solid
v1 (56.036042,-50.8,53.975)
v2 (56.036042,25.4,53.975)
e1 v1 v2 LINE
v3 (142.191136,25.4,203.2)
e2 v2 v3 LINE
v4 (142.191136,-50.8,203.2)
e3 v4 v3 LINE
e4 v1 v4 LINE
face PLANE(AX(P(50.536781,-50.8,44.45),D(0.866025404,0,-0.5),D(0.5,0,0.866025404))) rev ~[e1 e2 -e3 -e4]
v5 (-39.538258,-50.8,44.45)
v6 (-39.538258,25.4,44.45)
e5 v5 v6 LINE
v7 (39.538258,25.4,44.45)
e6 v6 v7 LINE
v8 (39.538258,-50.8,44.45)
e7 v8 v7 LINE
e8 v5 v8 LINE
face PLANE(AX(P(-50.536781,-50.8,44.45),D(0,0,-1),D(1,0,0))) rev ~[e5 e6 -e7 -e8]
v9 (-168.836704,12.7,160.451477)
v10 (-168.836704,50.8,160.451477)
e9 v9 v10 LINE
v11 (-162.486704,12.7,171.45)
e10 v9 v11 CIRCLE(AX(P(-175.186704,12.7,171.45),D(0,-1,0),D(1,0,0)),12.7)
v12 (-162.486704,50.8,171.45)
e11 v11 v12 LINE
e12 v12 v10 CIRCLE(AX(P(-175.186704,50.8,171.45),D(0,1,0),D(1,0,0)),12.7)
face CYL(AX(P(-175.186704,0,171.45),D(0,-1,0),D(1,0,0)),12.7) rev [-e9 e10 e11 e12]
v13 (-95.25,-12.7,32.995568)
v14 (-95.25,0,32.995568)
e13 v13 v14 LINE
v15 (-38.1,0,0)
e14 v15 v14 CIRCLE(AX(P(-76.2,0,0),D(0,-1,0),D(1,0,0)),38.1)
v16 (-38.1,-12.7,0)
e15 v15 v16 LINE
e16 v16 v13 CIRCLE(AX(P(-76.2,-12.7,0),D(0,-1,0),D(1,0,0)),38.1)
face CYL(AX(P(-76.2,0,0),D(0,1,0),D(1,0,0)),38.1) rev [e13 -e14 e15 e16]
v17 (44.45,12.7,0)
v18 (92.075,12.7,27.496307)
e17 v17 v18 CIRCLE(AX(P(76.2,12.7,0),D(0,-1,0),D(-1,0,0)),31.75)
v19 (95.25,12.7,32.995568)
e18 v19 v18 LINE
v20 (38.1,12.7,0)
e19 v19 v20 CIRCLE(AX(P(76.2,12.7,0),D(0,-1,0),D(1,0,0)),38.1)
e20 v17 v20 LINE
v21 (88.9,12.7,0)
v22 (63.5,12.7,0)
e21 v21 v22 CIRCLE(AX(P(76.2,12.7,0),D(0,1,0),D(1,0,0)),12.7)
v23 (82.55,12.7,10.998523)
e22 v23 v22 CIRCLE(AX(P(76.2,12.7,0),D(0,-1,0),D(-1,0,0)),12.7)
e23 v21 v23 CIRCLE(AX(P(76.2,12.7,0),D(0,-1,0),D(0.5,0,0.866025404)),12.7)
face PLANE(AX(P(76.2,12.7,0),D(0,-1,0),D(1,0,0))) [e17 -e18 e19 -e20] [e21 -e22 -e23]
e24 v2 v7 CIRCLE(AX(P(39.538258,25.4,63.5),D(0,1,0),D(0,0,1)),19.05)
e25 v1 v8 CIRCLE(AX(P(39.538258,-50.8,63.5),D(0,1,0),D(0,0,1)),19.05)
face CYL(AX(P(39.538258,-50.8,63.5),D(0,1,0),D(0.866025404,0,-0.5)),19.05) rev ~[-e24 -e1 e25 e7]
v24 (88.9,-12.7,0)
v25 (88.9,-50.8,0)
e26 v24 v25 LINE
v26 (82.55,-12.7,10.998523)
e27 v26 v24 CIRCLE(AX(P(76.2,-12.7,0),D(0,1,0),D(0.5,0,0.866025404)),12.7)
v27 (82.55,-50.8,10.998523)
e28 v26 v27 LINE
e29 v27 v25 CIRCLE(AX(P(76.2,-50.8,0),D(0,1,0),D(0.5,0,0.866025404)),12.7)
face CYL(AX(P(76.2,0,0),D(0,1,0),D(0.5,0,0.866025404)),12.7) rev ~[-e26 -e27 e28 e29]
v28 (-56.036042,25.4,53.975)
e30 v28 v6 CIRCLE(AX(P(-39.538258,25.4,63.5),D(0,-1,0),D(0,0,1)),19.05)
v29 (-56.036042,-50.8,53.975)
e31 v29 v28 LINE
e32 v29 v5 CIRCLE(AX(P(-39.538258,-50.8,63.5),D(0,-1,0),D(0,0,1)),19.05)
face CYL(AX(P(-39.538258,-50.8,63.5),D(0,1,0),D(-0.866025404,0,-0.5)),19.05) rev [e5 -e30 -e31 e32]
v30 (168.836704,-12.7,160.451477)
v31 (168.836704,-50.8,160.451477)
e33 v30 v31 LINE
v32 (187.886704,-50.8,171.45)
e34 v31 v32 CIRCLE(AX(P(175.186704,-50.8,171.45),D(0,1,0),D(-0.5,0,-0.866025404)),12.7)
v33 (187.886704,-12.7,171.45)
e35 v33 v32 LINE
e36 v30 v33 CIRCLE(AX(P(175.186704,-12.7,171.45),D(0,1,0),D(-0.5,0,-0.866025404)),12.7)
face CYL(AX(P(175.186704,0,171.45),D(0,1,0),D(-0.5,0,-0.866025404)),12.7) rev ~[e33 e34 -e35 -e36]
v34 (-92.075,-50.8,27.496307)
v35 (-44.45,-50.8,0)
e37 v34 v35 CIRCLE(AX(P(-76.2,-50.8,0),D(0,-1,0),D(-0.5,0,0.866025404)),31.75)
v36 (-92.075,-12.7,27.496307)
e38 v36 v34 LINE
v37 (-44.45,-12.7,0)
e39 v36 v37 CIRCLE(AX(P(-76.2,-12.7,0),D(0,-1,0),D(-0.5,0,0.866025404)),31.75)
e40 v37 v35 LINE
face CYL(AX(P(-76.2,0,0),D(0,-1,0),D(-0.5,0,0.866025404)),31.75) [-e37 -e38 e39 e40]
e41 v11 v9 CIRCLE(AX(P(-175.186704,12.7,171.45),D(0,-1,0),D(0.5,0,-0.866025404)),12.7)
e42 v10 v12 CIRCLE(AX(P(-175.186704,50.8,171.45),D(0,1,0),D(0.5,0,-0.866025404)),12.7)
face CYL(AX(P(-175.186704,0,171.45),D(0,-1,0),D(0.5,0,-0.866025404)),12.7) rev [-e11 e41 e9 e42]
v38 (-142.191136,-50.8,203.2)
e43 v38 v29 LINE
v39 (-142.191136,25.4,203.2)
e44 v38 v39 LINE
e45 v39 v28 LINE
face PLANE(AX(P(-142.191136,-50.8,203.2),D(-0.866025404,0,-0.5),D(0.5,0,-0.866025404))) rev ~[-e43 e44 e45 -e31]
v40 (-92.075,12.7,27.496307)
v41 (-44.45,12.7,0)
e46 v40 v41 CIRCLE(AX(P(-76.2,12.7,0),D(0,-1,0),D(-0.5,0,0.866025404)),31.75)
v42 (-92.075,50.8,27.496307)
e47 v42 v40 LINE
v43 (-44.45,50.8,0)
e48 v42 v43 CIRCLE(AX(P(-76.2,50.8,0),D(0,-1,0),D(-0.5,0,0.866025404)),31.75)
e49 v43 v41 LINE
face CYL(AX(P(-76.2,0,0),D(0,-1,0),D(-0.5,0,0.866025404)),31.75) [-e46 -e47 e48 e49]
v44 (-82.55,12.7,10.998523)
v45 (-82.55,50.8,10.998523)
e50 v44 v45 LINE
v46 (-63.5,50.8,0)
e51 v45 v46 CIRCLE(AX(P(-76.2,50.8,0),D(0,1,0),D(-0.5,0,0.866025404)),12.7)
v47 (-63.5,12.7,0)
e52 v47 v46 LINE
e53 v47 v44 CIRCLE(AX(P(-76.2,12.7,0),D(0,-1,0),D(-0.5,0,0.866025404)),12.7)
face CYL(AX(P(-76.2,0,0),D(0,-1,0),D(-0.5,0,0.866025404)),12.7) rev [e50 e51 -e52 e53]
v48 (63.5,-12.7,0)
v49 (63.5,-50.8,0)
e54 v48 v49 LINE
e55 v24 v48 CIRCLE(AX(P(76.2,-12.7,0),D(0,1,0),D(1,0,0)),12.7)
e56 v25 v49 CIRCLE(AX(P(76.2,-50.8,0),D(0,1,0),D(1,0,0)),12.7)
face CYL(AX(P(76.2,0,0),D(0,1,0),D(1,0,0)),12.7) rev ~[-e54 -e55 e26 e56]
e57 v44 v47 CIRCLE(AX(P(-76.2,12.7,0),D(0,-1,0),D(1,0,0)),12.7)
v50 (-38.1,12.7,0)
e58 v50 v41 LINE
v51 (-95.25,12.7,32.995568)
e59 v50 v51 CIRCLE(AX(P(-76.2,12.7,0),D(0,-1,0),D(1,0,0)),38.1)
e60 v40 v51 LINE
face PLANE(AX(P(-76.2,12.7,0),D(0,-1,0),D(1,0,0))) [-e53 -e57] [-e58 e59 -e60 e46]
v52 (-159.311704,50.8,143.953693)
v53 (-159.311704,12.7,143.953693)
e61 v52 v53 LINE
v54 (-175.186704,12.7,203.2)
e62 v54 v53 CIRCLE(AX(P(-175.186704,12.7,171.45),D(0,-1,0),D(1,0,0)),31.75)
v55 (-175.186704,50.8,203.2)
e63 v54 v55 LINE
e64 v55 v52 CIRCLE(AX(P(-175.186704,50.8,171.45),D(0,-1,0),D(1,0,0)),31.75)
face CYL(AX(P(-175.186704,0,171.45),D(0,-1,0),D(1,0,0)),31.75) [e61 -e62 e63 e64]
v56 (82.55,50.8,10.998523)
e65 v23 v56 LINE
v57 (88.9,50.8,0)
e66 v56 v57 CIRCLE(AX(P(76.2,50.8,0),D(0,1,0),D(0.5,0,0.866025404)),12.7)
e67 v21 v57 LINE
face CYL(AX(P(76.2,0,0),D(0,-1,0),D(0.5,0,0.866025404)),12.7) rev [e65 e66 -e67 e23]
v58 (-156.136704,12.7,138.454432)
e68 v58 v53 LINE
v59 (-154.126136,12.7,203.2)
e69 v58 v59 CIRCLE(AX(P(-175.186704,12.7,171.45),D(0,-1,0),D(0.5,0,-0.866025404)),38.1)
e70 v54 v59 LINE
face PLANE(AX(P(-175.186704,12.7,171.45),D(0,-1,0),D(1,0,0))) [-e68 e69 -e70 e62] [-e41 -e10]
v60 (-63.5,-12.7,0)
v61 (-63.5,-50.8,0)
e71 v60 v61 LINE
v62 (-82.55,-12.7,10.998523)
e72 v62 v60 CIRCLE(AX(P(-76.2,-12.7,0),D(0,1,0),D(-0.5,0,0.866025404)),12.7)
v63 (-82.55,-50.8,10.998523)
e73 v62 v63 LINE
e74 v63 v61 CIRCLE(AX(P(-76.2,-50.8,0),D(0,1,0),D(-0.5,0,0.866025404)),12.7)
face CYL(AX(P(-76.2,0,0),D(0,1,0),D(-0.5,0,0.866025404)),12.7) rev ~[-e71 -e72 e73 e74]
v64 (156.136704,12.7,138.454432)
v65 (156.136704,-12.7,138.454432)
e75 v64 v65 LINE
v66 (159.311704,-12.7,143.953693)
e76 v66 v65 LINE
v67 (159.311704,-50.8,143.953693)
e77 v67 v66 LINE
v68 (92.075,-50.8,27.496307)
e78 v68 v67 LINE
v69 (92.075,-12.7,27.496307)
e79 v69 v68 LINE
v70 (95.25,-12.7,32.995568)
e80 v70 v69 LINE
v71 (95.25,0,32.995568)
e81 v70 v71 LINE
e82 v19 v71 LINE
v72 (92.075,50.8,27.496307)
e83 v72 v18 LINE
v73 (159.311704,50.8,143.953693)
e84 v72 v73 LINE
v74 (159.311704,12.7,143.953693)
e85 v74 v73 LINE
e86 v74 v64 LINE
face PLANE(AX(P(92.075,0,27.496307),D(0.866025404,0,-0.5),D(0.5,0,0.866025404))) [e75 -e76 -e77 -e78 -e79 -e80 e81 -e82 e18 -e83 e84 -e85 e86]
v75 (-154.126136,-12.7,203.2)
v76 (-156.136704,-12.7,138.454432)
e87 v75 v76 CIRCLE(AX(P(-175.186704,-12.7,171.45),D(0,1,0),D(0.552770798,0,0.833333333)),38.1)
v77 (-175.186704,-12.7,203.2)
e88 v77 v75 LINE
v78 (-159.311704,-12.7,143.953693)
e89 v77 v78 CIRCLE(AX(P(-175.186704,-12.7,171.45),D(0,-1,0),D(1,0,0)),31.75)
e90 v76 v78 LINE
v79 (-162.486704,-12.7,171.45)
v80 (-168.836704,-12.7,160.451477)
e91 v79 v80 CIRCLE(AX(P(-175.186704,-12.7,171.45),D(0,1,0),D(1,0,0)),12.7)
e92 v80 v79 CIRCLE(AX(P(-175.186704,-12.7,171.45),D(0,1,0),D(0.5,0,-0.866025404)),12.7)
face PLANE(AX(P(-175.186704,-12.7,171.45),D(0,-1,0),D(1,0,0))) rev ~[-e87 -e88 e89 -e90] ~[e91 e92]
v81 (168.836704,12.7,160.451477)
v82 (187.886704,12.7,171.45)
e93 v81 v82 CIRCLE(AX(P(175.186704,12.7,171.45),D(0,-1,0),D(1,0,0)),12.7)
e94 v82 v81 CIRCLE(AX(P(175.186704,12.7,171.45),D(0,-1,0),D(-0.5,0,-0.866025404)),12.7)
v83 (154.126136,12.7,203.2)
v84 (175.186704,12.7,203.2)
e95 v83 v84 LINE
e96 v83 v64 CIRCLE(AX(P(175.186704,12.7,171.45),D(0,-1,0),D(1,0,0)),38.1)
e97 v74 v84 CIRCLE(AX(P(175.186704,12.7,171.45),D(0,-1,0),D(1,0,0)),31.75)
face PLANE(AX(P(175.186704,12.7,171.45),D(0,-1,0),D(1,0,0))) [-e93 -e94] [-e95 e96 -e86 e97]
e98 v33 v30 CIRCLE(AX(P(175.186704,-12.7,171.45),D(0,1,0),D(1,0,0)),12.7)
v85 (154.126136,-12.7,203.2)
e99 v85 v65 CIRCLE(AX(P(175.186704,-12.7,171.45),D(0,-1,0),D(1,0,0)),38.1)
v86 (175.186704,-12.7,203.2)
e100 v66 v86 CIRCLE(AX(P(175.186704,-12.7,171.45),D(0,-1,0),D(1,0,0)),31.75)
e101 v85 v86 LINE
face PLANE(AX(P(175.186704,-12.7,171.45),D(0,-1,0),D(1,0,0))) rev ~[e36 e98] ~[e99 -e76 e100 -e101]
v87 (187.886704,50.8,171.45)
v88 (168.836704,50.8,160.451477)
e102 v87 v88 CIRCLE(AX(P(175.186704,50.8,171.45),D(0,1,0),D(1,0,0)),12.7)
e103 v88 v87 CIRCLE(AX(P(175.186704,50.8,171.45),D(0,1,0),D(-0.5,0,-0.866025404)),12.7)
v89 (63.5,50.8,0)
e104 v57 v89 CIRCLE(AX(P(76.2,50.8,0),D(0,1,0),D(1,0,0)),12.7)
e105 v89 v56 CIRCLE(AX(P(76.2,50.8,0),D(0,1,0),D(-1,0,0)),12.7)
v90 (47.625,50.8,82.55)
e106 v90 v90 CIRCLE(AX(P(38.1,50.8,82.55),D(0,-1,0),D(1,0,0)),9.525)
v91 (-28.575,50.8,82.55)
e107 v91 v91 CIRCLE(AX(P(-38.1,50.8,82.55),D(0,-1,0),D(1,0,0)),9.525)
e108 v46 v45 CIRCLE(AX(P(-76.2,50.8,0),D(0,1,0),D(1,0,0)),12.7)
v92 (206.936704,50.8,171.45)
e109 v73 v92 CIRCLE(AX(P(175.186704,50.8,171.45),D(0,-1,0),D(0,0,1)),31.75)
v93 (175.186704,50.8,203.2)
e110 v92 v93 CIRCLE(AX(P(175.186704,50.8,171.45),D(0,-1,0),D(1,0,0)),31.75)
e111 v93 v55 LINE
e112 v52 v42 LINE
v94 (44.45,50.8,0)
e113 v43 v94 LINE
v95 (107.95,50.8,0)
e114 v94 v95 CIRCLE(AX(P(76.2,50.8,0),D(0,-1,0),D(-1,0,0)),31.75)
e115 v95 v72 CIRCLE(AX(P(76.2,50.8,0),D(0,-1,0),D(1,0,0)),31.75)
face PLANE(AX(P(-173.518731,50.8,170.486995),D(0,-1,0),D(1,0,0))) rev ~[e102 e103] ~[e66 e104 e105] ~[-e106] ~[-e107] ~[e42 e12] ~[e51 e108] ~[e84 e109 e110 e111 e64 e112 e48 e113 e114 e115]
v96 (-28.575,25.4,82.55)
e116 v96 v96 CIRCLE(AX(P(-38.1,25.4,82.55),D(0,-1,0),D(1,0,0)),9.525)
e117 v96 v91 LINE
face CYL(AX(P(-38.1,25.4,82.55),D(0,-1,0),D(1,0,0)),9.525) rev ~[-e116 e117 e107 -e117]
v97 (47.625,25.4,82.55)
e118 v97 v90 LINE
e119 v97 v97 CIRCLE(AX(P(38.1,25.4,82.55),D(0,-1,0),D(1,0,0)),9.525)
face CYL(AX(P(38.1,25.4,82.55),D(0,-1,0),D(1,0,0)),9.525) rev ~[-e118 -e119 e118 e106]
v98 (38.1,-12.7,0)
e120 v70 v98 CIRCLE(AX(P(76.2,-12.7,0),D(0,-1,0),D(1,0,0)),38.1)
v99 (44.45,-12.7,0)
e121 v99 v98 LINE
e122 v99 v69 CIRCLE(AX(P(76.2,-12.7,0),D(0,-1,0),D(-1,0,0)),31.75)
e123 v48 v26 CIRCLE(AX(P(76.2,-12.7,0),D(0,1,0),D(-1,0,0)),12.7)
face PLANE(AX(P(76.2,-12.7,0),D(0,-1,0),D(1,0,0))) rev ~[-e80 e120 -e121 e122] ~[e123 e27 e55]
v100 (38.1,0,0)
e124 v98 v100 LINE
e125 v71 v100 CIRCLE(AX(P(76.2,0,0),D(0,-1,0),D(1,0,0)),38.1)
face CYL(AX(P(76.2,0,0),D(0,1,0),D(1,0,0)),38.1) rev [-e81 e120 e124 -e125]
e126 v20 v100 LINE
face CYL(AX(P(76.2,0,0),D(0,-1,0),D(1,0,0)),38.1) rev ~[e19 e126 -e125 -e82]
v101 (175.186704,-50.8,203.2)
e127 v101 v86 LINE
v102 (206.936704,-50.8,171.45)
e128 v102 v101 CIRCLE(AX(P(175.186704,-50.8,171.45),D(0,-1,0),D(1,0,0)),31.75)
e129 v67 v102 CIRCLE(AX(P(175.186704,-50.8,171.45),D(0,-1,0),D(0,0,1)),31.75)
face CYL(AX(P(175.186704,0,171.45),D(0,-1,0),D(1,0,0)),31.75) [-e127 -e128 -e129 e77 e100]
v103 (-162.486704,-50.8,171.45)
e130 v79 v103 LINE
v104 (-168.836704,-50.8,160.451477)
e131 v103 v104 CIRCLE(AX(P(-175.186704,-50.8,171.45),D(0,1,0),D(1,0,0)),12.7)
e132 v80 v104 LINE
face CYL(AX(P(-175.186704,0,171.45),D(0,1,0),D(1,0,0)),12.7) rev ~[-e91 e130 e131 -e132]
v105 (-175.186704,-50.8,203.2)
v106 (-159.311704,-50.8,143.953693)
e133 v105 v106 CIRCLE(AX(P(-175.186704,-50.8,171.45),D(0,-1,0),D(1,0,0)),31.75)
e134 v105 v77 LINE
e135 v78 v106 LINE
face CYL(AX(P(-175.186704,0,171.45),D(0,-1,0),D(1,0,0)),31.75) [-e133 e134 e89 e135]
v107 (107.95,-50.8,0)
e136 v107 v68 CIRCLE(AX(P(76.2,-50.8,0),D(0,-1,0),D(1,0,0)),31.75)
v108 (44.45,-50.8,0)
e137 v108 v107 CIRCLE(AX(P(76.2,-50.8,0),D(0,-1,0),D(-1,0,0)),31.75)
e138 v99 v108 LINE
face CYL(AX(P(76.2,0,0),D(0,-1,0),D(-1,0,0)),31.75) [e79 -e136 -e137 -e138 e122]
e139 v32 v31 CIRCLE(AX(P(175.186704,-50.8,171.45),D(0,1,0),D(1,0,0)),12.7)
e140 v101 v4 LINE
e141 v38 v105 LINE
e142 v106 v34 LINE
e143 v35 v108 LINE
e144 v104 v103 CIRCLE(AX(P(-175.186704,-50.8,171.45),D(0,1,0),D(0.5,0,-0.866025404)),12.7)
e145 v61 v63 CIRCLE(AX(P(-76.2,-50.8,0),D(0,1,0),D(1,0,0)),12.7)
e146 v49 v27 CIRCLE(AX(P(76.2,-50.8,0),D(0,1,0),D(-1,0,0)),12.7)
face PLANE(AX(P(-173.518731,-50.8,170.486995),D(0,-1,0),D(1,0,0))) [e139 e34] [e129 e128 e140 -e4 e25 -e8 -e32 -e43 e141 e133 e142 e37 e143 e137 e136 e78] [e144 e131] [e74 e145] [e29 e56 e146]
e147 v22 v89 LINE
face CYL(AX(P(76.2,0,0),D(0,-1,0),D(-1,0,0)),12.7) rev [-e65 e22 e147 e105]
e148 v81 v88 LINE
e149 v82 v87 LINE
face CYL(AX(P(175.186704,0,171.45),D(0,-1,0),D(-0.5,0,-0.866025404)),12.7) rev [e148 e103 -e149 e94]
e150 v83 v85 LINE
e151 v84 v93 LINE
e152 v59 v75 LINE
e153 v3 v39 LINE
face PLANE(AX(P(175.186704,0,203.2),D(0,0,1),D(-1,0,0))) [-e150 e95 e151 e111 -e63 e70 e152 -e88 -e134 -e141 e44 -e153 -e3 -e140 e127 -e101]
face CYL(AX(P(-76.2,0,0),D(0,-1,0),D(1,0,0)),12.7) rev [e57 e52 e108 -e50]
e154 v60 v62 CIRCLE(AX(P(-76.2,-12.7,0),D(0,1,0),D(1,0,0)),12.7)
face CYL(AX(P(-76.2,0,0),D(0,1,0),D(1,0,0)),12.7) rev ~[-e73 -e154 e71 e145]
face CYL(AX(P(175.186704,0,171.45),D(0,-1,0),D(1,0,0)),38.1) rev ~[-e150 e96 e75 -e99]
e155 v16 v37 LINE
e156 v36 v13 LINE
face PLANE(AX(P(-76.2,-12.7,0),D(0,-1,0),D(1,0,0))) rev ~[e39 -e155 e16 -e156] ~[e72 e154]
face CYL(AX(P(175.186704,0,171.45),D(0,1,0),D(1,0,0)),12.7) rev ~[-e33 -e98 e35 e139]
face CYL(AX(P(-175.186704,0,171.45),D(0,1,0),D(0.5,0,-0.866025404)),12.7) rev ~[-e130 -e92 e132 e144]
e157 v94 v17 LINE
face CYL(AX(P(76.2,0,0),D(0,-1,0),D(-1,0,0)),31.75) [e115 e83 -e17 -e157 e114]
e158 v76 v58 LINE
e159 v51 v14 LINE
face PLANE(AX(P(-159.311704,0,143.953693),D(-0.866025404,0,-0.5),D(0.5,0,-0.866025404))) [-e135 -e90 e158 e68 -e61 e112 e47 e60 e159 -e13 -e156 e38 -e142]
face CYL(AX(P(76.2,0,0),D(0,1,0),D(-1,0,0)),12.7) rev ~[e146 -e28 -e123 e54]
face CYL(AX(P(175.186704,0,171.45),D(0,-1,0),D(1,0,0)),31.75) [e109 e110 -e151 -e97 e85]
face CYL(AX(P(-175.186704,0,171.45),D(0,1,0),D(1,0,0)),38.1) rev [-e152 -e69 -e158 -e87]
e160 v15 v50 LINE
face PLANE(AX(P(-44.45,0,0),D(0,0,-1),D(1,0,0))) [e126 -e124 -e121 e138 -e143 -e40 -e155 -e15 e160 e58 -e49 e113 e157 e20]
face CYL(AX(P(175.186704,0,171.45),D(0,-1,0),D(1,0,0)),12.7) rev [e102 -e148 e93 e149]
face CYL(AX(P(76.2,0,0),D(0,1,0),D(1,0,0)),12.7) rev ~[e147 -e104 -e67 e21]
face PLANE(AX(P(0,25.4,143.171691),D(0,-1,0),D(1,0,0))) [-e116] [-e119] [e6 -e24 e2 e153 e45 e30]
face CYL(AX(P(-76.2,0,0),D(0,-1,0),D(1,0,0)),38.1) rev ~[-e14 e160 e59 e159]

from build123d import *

# Parameters (mm, degrees)
F1_DEPTH = 50.8
F3_DEPTH = 76.2
F4_R     = 38.1
F5_DEPTH = 12.7
F6_R     = 9.525
F7_DEPTH = 25.401
F8_R     = 19.05


with BuildPart() as f1:
    # F0 (on Front) → F1 (new body, symmetric)
    with BuildSketch(Plane.XZ):
        with BuildLine():
            ThreePointArc((-143.4367036526, 171.45), (-152.7360633499, 193.9006403027), (-175.1867036526, 203.2))
            ThreePointArc((-175.1867036526, 203.2), (-205.8548486372, 163.232495318), (-159.3117036526, 143.9536934298))
            ThreePointArc((-159.3117036526, 143.9536934298), (-147.6903970824, 155.575), (-143.4367036526, 171.45))
        make_face()
        with BuildLine():
            ThreePointArc((-162.4867036526, 171.45), (-164.1881810245, 165.1), (-168.8367036526, 160.4514773719))
            ThreePointArc((-168.8367036526, 160.4514773719), (-186.1852262806, 177.8), (-162.4867036526, 171.45))
        make_face(mode=Mode.SUBTRACT)
        with BuildLine():
            Line((92.075, 27.4963065702), (159.3117036526, 143.9536934298))
            ThreePointArc((159.3117036526, 143.9536934298), (144.5185586679, 179.667504682), (175.1867036526, 203.2))
            Line((175.1867036526, 203.2), (-175.1867036526, 203.2))
            ThreePointArc((-175.1867036526, 203.2), (-152.7360633499, 193.9006403027), (-143.4367036526, 171.45))
            ThreePointArc((-143.4367036526, 171.45), (-147.6903970824, 155.575), (-159.3117036526, 143.9536934298))
            Line((-159.3117036526, 143.9536934298), (-92.075, 27.4963065702))
            ThreePointArc((-92.075, 27.4963065702), (-60.325, 27.4963065702), (-44.45, 0))
            Line((-44.45, 0), (44.45, 0))
            ThreePointArc((44.45, 0), (60.325, 27.4963065702), (92.075, 27.4963065702))
        make_face()
        with BuildLine():
            ThreePointArc((175.1867036526, 203.2), (144.5185586679, 179.667504682), (159.3117036526, 143.9536934298))
            ThreePointArc((159.3117036526, 143.9536934298), (191.0617036526, 143.9536934298), (206.9367036526, 171.45))
            ThreePointArc((206.9367036526, 171.45), (197.6373439552, 193.9006403027), (175.1867036526, 203.2))
        make_face()
        with BuildLine():
            ThreePointArc((187.8867036526, 171.45), (181.5367036526, 160.4514773719), (168.8367036526, 160.4514773719))
            ThreePointArc((168.8367036526, 160.4514773719), (168.8367036526, 182.4485226281), (187.8867036526, 171.45))
        make_face(mode=Mode.SUBTRACT)
        with BuildLine():
            ThreePointArc((107.95, 0), (103.6963065702, 15.875), (92.075, 27.4963065702))
            Line((92.075, 27.4963065702), (82.55, 10.9985226281))
            ThreePointArc((82.55, 10.9985226281), (87.1985226281, 6.35), (88.9, 0))
            ThreePointArc((88.9, 0), (76.2, -12.7), (63.5, 0))
            Line((63.5, 0), (44.45, 0))
            ThreePointArc((44.45, 0), (76.2, -31.75), (107.95, 0))
        make_face()
        with BuildLine():
            Line((82.55, 10.9985226281), (92.075, 27.4963065702))
            ThreePointArc((92.075, 27.4963065702), (60.325, 27.4963065702), (44.45, 0))
            Line((44.45, 0), (63.5, 0))
            ThreePointArc((63.5, 0), (69.85, 10.9985226281), (82.55, 10.9985226281))
        make_face()
        with BuildLine():
            Line((-63.5, 0), (-44.45, 0))
            ThreePointArc((-44.45, 0), (-60.325, 27.4963065702), (-92.075, 27.4963065702))
            Line((-92.075, 27.4963065702), (-82.55, 10.9985226281))
            ThreePointArc((-82.55, 10.9985226281), (-69.85, 10.9985226281), (-63.5, 0))
        make_face()
        with BuildLine():
            ThreePointArc((-92.075, 27.4963065702), (-92.075, -27.4963065702), (-44.45, 0))
            Line((-44.45, 0), (-63.5, 0))
            ThreePointArc((-63.5, 0), (-82.55, -10.9985226281), (-82.55, 10.9985226281))
            Line((-82.55, 10.9985226281), (-92.075, 27.4963065702))
        make_face()
    extrude(amount=F1_DEPTH, both=True)

    # F2 (on face) → F3 (cut)
    with BuildSketch(Plane.XZ.offset(50.8)):
        Polygon((-50.5367805345, 44.45), (0, 44.45), (50.5367805345, 44.45), (142.1911357684, 203.2), (-142.1911357684, 203.2), align=None)
    extrude(amount=-F3_DEPTH, mode=Mode.SUBTRACT)

    # F4 (on Front) → F5 (cut, symmetric)
    with BuildSketch(Plane.XZ):
        with Locations((-175.1867036526, 171.45)):
            Circle(F4_R)
        with Locations((-76.2, 0)):
            Circle(F4_R)
        with Locations((76.2, 0)):
            Circle(F4_R)
        with Locations((175.1867036526, 171.45)):
            Circle(F4_R)
    extrude(amount=F5_DEPTH, both=True, mode=Mode.SUBTRACT)

    # F6 (on face) → F7 (cut, through all)
    with BuildSketch(Plane.XZ.offset(-25.4)):
        with Locations((38.1, 82.55)):
            Circle(F6_R)
        with Locations((-38.1, 82.55)):
            Circle(F6_R)
    extrude(amount=-F7_DEPTH, mode=Mode.SUBTRACT)

    # F8
    f8_edges = [f1.edges().sort_by_distance(p)[0] for p in [
        (-50.536781, -12.7, 44.45),
        (50.536781, -12.7, 44.45),
    ]]
    fillet(f8_edges, radius=F8_R)


solid = f1.part
